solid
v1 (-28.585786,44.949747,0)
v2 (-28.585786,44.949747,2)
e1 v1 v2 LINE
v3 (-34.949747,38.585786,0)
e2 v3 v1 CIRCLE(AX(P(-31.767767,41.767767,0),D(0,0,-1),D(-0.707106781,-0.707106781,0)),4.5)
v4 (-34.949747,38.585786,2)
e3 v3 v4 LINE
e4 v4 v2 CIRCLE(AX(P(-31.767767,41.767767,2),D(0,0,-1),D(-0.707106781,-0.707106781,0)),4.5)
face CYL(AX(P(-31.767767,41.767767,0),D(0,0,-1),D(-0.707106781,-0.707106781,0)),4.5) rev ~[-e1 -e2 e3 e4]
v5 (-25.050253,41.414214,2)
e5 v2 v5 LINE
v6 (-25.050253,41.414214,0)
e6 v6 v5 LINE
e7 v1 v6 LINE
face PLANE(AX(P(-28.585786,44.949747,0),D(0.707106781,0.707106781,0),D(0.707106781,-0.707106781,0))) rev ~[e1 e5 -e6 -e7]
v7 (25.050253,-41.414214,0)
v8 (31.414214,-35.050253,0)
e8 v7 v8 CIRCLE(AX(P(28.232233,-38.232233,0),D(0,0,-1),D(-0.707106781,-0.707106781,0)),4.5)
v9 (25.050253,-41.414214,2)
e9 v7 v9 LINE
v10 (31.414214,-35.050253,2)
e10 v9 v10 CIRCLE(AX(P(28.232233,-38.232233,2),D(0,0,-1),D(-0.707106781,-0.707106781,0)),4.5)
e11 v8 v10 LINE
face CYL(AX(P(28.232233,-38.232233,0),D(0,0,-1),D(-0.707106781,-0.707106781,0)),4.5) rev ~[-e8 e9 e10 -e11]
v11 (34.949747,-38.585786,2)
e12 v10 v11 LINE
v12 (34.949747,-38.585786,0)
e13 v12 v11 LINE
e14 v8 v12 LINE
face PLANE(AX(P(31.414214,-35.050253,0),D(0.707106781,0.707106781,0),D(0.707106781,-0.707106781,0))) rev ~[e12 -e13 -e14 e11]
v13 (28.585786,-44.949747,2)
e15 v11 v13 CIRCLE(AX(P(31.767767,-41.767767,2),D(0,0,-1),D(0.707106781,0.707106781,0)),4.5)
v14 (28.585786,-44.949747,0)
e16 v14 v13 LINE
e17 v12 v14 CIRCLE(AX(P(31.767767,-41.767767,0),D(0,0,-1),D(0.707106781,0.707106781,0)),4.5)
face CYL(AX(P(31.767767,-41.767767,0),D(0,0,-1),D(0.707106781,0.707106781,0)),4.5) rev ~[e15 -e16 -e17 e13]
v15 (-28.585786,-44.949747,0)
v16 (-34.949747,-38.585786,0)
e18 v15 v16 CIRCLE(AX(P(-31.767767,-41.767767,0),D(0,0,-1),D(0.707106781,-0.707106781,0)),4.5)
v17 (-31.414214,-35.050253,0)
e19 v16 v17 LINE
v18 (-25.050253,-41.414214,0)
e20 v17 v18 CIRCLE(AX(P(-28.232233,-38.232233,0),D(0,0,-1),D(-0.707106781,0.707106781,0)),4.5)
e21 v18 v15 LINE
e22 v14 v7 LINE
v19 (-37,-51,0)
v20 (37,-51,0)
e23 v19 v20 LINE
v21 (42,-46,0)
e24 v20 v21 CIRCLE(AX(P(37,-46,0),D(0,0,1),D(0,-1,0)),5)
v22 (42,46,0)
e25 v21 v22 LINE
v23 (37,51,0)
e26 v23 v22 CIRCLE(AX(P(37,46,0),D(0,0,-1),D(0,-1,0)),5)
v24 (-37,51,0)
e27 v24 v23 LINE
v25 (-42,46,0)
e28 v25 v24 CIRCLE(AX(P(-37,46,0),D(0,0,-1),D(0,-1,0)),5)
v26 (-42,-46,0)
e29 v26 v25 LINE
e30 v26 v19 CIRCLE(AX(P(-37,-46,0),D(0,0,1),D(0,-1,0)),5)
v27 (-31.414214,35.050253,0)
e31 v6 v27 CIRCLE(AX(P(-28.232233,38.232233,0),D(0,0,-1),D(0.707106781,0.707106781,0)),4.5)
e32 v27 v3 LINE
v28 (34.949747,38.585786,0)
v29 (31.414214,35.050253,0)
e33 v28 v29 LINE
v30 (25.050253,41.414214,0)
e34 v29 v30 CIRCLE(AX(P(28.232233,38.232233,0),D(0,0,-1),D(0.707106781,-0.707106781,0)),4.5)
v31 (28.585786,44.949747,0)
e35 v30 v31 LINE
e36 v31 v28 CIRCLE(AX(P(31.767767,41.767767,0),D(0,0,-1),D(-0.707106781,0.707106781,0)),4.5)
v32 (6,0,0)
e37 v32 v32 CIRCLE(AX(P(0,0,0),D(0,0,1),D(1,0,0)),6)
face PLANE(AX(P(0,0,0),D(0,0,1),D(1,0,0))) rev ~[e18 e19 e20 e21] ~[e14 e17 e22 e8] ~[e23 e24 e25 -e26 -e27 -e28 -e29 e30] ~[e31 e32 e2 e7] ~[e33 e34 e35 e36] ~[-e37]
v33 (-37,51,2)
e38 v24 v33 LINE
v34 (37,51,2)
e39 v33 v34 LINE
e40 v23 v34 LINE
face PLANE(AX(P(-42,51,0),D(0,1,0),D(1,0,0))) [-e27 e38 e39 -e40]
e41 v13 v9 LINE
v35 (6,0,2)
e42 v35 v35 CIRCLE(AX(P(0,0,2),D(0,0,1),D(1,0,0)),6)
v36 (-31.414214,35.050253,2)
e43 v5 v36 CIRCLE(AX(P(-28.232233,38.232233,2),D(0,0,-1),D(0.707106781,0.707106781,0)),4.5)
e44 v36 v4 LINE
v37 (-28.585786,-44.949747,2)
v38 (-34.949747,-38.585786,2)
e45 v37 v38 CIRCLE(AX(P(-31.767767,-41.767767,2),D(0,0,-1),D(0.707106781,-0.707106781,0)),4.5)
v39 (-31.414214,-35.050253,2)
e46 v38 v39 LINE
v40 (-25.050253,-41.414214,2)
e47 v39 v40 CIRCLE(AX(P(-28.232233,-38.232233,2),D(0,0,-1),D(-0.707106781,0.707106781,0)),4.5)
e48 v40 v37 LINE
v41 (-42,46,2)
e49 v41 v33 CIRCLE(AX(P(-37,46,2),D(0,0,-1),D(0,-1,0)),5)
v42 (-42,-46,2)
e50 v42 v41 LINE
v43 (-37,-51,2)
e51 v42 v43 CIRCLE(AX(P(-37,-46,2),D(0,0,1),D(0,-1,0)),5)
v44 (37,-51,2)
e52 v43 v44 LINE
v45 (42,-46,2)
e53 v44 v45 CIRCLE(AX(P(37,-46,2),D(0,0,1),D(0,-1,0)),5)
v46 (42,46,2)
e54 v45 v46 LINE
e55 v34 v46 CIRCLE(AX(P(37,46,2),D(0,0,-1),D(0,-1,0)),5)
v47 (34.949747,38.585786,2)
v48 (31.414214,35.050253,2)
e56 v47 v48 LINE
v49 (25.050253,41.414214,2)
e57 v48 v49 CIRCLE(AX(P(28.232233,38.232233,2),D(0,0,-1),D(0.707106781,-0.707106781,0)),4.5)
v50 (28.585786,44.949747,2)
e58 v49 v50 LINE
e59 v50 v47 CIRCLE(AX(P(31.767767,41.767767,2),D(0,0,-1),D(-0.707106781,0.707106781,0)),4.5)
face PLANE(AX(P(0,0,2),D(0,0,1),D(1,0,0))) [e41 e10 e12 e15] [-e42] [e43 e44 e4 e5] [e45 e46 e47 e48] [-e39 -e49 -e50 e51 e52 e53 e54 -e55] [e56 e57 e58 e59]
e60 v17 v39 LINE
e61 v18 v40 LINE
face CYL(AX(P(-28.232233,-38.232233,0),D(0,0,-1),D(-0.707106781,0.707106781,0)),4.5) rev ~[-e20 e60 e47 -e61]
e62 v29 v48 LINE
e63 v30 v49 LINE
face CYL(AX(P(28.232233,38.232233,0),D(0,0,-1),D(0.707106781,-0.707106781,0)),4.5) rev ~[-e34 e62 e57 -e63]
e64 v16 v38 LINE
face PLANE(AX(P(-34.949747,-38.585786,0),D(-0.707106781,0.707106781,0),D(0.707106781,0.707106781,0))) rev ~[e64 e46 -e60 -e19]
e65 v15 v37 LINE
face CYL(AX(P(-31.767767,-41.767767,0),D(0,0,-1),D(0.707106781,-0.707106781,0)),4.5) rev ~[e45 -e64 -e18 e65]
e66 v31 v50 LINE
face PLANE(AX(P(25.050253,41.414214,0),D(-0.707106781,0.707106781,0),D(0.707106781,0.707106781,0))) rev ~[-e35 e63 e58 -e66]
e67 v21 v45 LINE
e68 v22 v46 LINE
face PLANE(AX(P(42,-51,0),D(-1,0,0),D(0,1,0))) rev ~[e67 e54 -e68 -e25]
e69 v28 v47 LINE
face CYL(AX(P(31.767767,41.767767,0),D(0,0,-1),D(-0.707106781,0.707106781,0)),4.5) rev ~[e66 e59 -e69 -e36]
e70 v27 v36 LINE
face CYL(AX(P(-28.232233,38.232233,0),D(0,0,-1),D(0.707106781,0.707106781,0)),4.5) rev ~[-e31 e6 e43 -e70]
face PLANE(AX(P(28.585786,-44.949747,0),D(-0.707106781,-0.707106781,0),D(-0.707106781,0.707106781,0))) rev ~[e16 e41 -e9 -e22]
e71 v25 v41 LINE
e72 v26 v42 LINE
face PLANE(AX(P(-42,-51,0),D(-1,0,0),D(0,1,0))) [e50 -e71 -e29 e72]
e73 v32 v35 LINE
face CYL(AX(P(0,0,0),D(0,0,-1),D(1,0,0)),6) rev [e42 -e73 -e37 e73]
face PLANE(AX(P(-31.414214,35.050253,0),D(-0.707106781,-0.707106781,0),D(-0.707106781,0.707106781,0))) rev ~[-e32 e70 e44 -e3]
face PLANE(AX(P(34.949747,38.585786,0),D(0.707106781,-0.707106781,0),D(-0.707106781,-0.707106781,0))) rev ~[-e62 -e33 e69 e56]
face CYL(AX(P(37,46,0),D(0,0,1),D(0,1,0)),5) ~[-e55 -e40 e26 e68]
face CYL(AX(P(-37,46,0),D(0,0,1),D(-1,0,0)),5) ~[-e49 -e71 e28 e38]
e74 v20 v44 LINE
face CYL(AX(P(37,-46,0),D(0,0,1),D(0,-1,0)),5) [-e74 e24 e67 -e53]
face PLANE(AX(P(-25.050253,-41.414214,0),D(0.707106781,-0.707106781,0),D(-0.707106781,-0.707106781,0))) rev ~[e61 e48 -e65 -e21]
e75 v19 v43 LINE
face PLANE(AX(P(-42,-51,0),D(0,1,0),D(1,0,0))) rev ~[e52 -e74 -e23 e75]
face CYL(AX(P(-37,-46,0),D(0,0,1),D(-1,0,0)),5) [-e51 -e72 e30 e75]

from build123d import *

# Parameters (mm, degrees)
F0_W     = 84
F0_H     = 102
F0_R     = 6
F1_DEPTH = 2
F2_R     = 5


with BuildPart() as f1:
    # F0 (on Top) → F1 (new body)
    with BuildSketch(Plane.XY):
        Rectangle(F0_W, F0_H)
        with BuildLine():
            Line((-25.050253, -41.414214), (-28.585786, -44.949747))
            ThreePointArc((-28.585786, -44.949747), (-34.949747, -44.949747), (-34.949747, -38.585786))
            Line((-34.949747, -38.585786), (-31.414214, -35.050253))
            ThreePointArc((-31.414214, -35.050253), (-25.050253, -35.050253), (-25.050253, -41.414214))
        make_face(mode=Mode.SUBTRACT)
        with BuildLine():
            ThreePointArc((25.050253, -41.414214), (25.050253, -35.050253), (31.414214, -35.050253))
            Line((31.414214, -35.050253), (34.949747, -38.585786))
            ThreePointArc((34.949747, -38.585786), (34.949747, -44.949747), (28.585786, -44.949747))
            Line((28.585786, -44.949747), (25.050253, -41.414214))
        make_face(mode=Mode.SUBTRACT)
        with BuildLine():
            ThreePointArc((-34.949747, 38.585786), (-34.949747, 44.949747), (-28.585786, 44.949747))
            Line((-28.585786, 44.949747), (-25.050253, 41.414214))
            ThreePointArc((-25.050253, 41.414214), (-25.050253, 35.050253), (-31.414214, 35.050253))
            Line((-31.414214, 35.050253), (-34.949747, 38.585786))
        make_face(mode=Mode.SUBTRACT)
        Circle(F0_R, mode=Mode.SUBTRACT)
        with BuildLine():
            Line((25.050253, 41.414214), (28.585786, 44.949747))
            ThreePointArc((28.585786, 44.949747), (34.949747, 44.949747), (34.949747, 38.585786))
            Line((34.949747, 38.585786), (31.414214, 35.050253))
            ThreePointArc((31.414214, 35.050253), (25.050253, 35.050253), (25.050253, 41.414214))
        make_face(mode=Mode.SUBTRACT)
    extrude(amount=F1_DEPTH)

    # F2
    f2_edges = [f1.edges().sort_by_distance(p)[0] for p in [
        (42, -51, 1),
        (42, 51, 1),
        (-42, -51, 1),
        (-42, 51, 1),
    ]]
    fillet(f2_edges, radius=F2_R)


solid = f1.part
